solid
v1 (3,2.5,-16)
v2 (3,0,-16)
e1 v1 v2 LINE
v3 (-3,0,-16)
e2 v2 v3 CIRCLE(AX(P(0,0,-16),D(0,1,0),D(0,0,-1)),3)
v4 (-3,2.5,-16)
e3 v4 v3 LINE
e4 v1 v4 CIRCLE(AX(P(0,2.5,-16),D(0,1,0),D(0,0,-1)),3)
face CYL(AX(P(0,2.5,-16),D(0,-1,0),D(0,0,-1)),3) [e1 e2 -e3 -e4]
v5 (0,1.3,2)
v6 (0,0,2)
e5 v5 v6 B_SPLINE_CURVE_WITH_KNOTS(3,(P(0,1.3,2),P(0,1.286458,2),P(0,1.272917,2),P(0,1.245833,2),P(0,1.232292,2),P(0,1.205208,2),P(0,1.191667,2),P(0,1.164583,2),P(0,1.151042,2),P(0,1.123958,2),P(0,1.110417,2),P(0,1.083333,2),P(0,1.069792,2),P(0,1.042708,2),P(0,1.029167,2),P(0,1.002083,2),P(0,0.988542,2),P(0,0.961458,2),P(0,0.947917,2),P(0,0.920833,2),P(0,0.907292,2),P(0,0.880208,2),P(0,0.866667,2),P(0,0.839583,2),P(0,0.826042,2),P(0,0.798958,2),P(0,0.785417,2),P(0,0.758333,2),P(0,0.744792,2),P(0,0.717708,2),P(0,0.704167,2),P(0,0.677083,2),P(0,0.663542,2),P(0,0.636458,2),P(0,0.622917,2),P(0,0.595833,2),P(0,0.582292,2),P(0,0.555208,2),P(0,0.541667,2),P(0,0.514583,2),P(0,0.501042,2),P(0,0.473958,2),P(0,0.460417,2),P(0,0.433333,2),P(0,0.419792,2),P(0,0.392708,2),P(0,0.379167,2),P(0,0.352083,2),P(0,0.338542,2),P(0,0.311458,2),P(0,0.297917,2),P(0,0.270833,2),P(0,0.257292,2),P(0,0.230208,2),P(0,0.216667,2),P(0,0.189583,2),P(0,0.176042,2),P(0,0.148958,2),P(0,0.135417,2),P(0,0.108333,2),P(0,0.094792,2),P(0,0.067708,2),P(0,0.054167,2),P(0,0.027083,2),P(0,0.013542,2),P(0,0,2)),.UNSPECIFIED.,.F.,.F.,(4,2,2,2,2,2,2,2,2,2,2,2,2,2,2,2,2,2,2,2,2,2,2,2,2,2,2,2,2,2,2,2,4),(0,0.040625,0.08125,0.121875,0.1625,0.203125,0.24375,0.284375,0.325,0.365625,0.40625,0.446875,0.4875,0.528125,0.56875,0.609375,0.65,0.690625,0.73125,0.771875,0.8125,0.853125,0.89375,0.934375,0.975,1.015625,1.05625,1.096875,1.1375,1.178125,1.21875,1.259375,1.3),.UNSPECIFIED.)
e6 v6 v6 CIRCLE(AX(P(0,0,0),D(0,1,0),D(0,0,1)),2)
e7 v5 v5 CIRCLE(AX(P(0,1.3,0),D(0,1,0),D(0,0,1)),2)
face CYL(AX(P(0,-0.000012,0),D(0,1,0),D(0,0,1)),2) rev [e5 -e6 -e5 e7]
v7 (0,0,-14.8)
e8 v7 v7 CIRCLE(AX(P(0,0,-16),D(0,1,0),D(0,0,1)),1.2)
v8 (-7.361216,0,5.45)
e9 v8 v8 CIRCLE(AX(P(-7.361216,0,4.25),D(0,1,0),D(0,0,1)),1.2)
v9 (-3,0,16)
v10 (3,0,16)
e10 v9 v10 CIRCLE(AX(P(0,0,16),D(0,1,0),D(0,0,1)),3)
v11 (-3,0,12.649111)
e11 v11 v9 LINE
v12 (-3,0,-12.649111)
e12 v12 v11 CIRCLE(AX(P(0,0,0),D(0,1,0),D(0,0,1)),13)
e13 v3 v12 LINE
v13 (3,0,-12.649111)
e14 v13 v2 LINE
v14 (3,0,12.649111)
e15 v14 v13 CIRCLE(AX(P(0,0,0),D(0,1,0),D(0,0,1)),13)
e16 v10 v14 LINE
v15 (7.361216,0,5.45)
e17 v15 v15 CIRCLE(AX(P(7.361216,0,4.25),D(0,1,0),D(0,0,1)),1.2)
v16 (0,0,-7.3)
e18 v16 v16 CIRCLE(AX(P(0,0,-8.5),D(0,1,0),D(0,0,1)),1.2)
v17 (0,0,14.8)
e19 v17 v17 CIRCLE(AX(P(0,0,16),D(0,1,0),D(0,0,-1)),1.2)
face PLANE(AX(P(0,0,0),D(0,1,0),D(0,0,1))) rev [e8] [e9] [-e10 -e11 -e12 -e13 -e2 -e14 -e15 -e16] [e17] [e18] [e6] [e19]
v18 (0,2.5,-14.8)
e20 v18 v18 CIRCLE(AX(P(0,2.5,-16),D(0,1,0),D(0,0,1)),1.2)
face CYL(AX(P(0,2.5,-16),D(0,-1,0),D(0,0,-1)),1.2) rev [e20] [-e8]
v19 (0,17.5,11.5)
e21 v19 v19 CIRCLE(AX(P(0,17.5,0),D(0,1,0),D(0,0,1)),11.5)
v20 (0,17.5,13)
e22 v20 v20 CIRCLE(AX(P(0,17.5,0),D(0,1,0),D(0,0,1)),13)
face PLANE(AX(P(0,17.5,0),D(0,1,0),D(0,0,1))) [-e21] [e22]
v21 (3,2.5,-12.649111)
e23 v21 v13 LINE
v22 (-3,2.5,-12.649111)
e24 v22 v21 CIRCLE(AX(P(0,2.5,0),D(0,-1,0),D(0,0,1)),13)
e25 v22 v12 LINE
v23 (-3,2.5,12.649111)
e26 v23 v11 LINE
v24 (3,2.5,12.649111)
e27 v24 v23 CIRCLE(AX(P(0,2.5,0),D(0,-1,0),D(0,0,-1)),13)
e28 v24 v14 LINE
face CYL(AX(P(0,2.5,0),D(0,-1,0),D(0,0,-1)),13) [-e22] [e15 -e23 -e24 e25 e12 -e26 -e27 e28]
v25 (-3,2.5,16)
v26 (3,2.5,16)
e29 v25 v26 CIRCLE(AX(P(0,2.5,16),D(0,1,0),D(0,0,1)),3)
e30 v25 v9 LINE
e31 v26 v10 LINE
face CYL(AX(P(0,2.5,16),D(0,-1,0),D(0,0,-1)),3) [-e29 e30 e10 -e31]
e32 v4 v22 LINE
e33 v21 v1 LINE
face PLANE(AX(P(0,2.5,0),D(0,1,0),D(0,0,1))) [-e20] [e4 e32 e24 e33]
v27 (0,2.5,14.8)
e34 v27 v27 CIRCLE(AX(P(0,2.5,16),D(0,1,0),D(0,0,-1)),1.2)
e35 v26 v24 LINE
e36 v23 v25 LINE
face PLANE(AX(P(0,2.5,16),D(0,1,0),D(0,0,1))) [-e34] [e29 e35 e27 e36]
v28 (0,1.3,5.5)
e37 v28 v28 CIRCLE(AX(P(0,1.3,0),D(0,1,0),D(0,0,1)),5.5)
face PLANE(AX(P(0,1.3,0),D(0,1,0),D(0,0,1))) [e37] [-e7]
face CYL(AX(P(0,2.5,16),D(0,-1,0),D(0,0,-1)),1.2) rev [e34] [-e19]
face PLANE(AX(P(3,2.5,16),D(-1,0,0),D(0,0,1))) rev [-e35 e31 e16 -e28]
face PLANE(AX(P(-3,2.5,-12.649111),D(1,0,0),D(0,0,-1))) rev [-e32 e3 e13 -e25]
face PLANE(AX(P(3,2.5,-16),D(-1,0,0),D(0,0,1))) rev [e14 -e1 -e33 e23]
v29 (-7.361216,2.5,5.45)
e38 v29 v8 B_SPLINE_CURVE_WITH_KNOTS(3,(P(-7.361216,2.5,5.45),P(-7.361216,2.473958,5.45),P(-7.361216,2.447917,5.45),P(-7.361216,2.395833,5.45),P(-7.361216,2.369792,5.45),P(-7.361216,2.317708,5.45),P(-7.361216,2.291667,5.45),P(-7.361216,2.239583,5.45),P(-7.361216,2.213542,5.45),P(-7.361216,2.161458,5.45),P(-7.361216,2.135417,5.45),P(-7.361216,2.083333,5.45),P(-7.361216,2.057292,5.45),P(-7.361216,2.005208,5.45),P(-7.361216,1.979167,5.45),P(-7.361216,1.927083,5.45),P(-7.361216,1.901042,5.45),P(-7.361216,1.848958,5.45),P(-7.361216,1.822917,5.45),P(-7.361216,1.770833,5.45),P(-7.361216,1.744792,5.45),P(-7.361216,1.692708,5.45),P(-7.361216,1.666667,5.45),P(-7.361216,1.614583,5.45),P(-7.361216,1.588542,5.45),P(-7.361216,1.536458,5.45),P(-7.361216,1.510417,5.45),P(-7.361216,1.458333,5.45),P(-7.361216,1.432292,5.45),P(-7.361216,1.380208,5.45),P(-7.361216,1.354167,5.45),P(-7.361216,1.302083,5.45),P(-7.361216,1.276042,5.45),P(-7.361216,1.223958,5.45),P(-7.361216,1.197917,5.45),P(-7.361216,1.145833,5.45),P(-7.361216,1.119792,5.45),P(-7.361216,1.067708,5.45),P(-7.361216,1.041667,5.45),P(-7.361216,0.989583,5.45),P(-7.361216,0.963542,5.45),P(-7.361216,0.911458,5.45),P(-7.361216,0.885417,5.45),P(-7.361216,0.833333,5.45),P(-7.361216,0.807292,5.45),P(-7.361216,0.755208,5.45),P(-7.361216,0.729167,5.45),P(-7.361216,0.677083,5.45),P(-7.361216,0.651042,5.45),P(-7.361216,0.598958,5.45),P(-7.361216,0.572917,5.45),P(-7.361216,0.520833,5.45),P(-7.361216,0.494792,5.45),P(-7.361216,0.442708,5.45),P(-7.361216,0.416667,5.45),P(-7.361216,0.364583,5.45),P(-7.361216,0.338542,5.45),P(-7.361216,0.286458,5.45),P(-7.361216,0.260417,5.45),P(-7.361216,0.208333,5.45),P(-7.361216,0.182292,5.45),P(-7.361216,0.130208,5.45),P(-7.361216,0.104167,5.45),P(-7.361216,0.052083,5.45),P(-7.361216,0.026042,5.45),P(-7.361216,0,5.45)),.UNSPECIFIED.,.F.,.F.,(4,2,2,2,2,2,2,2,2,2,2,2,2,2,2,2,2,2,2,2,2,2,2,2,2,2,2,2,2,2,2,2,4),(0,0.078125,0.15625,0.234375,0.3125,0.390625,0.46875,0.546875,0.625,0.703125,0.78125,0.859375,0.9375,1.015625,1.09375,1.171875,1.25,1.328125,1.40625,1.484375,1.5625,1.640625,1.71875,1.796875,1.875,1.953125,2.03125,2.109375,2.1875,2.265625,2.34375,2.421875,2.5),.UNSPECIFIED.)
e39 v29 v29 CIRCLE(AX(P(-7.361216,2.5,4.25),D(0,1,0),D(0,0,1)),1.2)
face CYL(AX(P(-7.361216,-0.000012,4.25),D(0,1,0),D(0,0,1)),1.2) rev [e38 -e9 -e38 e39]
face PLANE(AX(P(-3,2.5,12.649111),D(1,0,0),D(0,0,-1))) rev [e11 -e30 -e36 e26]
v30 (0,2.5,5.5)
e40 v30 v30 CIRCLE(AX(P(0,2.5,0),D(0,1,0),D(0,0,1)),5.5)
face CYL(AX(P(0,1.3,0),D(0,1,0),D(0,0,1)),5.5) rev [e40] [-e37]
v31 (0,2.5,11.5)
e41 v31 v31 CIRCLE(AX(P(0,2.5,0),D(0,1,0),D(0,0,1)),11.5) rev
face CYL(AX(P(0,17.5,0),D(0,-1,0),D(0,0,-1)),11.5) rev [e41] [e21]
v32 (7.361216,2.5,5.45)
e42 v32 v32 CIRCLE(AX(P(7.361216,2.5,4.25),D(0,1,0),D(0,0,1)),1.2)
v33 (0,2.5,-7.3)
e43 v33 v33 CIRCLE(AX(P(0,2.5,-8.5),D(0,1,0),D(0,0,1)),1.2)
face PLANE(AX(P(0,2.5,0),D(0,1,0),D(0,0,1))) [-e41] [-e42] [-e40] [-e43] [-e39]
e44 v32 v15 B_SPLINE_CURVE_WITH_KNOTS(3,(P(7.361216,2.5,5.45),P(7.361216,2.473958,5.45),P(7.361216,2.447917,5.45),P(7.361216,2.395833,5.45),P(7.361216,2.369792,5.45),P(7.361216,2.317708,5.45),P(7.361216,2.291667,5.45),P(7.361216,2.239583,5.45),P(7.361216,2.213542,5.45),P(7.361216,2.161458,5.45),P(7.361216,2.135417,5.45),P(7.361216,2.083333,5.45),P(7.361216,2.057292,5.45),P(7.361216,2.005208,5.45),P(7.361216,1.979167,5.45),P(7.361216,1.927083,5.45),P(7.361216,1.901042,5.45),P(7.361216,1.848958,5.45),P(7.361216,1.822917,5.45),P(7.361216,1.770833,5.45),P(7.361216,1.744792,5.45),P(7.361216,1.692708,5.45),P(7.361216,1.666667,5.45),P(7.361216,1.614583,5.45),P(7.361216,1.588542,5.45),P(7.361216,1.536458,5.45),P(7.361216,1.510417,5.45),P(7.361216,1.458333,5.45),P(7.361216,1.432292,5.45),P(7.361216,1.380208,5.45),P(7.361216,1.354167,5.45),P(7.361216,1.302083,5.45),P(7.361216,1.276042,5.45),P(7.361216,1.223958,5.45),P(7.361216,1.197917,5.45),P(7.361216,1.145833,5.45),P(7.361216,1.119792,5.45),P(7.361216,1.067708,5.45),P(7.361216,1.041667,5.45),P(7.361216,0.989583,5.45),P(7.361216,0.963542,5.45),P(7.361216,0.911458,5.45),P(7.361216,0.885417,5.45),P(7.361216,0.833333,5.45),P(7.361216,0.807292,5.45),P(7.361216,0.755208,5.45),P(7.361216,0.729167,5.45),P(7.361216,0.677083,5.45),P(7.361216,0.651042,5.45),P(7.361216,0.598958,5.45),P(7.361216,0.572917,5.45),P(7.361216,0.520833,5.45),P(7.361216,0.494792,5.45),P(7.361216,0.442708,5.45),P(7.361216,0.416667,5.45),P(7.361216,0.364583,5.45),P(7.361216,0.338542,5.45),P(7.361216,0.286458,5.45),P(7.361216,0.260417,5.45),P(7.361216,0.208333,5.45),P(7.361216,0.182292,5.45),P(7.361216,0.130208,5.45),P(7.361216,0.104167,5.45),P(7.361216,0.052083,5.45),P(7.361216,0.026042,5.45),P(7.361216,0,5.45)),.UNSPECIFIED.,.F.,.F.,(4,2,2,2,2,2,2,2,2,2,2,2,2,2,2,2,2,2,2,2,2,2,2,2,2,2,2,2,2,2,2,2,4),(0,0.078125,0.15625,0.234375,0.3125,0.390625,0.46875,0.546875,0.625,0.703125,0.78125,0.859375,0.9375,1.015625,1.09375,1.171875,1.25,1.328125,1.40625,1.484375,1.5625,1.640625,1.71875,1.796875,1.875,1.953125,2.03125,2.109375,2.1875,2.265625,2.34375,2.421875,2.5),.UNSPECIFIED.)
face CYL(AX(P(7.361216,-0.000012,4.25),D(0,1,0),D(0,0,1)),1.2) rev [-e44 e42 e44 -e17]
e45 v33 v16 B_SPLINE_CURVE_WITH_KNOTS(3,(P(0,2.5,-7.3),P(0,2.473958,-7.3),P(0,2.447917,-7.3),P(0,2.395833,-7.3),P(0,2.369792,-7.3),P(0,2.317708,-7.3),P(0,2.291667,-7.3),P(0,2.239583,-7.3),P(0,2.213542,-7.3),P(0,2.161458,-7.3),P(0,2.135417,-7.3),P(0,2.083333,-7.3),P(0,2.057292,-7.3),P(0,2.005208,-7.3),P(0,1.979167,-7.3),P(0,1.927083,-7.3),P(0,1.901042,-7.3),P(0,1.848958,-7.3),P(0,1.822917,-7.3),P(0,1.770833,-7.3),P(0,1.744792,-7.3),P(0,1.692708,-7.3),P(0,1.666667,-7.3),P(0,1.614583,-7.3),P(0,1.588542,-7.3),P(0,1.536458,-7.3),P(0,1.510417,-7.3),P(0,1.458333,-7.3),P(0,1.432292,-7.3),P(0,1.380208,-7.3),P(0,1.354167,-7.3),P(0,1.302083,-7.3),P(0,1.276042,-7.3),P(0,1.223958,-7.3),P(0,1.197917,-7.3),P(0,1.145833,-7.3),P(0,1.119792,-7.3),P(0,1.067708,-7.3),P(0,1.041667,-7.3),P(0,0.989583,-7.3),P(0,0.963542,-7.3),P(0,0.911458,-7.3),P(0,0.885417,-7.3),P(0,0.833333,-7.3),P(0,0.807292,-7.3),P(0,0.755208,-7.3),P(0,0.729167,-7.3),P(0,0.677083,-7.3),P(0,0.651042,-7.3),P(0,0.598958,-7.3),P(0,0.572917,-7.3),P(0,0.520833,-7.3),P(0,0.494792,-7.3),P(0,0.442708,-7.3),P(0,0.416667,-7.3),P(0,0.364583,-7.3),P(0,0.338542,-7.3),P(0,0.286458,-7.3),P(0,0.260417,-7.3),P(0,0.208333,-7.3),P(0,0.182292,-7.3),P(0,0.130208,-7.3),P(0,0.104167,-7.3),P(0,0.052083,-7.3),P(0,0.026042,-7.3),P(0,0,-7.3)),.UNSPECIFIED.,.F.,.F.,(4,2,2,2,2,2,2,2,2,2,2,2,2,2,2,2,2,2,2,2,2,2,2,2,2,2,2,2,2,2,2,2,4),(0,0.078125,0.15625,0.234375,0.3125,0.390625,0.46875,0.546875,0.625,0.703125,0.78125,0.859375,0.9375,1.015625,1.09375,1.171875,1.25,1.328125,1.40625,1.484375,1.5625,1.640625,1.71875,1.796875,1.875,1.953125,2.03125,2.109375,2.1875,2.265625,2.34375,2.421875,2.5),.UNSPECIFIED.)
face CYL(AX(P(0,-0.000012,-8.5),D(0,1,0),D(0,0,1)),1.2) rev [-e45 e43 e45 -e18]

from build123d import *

# Parameters (mm, degrees)
SKETCH1_R               = 13
BOSS_EXTRUDE1_DEPTH     = 2.5
BOSS_EXTRUDE2_START     = 2.5
SKETCH2_R               = 13
SKETCH2_R_2             = 11.5
BOSS_EXTRUDE2_DEPTH     = 15
CUT_EXTRUDE1_START      = 2.5
SKETCH3_R               = 5.5
CUT_EXTRUDE1_DEPTH      = 1.2
CUT_EXTRUDE2_DEPTH      = 26.382080293
CUT_EXTRUDE2_DEPTH_BACK = 26.382080293
SKETCH4_R               = 1.2
SKETCH4_R_2             = 2
SKETCH5_R               = 1.2
BOSS_EXTRUDE3_DEPTH     = 2.5


with BuildPart() as part:
    # Sketch1 → Boss-Extrude1 (new body)
    with BuildSketch(Plane(origin=(0, 0, 0), x_dir=(1, 0, 0), z_dir=(0, 1, 0))):
        with Locations(Location((0, 0, 0), (0, 0, 270))):
            Circle(SKETCH1_R)
    extrude(amount=BOSS_EXTRUDE1_DEPTH)

    # Sketch2 → Boss-Extrude2 (add)
    with BuildSketch(Plane(origin=(0, 0, 0), x_dir=(1, 0, 0), z_dir=(0, 1, 0)).offset(BOSS_EXTRUDE2_START)):
        with Locations(Location((0, 0, 0), (0, 0, 270))):
            Circle(SKETCH2_R)
        with Locations(Location((0, 0, 0), (0, 0, 270))):
            Circle(SKETCH2_R_2, mode=Mode.SUBTRACT)
    extrude(amount=BOSS_EXTRUDE2_DEPTH)

    # Sketch3 → Cut-Extrude1 (cut)
    with BuildSketch(Plane(origin=(0, 0, 0), x_dir=(1, 0, 0), z_dir=(0, 1, 0)).offset(CUT_EXTRUDE1_START)):
        with Locations(Location((0, 0, 0), (0, 0, 270))):
            Circle(SKETCH3_R)
    extrude(amount=-CUT_EXTRUDE1_DEPTH, mode=Mode.SUBTRACT)

    # Sketch4 → Cut-Extrude2 (cut, two sides: drawn at the far end of the back side and taken through both)
    with BuildSketch(Plane(origin=(0, 0, 0), x_dir=(1, 0, 0), z_dir=(0, 1, 0)).offset(-CUT_EXTRUDE2_DEPTH_BACK)):
        with Locations(Location((0, 8.5, 0), (0, 0, 270))):
            Circle(SKETCH4_R)
        with Locations(Location((7.361215932, -4.25, 0), (0, 0, 270))):
            Circle(SKETCH4_R)
        with Locations(Location((-7.361215932, -4.25, 0), (0, 0, 270))):
            Circle(SKETCH4_R)
        with Locations(Location((0, 0, 0), (0, 0, 270))):
            Circle(SKETCH4_R_2)
    extrude(amount=CUT_EXTRUDE2_DEPTH + CUT_EXTRUDE2_DEPTH_BACK, mode=Mode.SUBTRACT)

    # Sketch5 → Boss-Extrude3 (add)
    # profile 1 of 2: a face of its own
    with BuildSketch(Plane(origin=(0, 0, 0), x_dir=(1, 0, 0), z_dir=(0, 1, 0))):
        with BuildLine():
            Line((-3, 12.649110641), (-3, 16))
            ThreePointArc((-3, 16), (-2.121320344, 18.121320344), (0, 19))
            ThreePointArc((0, 19), (2.121320344, 18.121320344), (3, 16))
            Line((3, 16), (3, 12.649110641))
            ThreePointArc((3, 12.649110641), (0, 13), (-3, 12.649110641))
        make_face()
        with Locations(Location((0, 16, 0), (0, 0, 270))):
            Circle(SKETCH5_R, mode=Mode.SUBTRACT)
    # profile 2 of 2: a face of its own
    with BuildSketch(Plane(origin=(0, 0, 0), x_dir=(1, 0, 0), z_dir=(0, 1, 0))):
        with BuildLine():
            Line((3, -16), (3, -12.649110641))
            ThreePointArc((3, -12.649110641), (0, -13), (-3, -12.649110641))
            Line((-3, -12.649110641), (-3, -16))
            ThreePointArc((-3, -16), (-2.121320344, -18.121320344), (0, -19))
            ThreePointArc((0, -19), (2.121320344, -18.121320344), (3, -16))
        make_face()
        with Locations(Location((0, -16, 0), (0, 0, 90))):
            Circle(SKETCH5_R, mode=Mode.SUBTRACT)
    extrude(amount=BOSS_EXTRUDE3_DEPTH)


solid = part.part
